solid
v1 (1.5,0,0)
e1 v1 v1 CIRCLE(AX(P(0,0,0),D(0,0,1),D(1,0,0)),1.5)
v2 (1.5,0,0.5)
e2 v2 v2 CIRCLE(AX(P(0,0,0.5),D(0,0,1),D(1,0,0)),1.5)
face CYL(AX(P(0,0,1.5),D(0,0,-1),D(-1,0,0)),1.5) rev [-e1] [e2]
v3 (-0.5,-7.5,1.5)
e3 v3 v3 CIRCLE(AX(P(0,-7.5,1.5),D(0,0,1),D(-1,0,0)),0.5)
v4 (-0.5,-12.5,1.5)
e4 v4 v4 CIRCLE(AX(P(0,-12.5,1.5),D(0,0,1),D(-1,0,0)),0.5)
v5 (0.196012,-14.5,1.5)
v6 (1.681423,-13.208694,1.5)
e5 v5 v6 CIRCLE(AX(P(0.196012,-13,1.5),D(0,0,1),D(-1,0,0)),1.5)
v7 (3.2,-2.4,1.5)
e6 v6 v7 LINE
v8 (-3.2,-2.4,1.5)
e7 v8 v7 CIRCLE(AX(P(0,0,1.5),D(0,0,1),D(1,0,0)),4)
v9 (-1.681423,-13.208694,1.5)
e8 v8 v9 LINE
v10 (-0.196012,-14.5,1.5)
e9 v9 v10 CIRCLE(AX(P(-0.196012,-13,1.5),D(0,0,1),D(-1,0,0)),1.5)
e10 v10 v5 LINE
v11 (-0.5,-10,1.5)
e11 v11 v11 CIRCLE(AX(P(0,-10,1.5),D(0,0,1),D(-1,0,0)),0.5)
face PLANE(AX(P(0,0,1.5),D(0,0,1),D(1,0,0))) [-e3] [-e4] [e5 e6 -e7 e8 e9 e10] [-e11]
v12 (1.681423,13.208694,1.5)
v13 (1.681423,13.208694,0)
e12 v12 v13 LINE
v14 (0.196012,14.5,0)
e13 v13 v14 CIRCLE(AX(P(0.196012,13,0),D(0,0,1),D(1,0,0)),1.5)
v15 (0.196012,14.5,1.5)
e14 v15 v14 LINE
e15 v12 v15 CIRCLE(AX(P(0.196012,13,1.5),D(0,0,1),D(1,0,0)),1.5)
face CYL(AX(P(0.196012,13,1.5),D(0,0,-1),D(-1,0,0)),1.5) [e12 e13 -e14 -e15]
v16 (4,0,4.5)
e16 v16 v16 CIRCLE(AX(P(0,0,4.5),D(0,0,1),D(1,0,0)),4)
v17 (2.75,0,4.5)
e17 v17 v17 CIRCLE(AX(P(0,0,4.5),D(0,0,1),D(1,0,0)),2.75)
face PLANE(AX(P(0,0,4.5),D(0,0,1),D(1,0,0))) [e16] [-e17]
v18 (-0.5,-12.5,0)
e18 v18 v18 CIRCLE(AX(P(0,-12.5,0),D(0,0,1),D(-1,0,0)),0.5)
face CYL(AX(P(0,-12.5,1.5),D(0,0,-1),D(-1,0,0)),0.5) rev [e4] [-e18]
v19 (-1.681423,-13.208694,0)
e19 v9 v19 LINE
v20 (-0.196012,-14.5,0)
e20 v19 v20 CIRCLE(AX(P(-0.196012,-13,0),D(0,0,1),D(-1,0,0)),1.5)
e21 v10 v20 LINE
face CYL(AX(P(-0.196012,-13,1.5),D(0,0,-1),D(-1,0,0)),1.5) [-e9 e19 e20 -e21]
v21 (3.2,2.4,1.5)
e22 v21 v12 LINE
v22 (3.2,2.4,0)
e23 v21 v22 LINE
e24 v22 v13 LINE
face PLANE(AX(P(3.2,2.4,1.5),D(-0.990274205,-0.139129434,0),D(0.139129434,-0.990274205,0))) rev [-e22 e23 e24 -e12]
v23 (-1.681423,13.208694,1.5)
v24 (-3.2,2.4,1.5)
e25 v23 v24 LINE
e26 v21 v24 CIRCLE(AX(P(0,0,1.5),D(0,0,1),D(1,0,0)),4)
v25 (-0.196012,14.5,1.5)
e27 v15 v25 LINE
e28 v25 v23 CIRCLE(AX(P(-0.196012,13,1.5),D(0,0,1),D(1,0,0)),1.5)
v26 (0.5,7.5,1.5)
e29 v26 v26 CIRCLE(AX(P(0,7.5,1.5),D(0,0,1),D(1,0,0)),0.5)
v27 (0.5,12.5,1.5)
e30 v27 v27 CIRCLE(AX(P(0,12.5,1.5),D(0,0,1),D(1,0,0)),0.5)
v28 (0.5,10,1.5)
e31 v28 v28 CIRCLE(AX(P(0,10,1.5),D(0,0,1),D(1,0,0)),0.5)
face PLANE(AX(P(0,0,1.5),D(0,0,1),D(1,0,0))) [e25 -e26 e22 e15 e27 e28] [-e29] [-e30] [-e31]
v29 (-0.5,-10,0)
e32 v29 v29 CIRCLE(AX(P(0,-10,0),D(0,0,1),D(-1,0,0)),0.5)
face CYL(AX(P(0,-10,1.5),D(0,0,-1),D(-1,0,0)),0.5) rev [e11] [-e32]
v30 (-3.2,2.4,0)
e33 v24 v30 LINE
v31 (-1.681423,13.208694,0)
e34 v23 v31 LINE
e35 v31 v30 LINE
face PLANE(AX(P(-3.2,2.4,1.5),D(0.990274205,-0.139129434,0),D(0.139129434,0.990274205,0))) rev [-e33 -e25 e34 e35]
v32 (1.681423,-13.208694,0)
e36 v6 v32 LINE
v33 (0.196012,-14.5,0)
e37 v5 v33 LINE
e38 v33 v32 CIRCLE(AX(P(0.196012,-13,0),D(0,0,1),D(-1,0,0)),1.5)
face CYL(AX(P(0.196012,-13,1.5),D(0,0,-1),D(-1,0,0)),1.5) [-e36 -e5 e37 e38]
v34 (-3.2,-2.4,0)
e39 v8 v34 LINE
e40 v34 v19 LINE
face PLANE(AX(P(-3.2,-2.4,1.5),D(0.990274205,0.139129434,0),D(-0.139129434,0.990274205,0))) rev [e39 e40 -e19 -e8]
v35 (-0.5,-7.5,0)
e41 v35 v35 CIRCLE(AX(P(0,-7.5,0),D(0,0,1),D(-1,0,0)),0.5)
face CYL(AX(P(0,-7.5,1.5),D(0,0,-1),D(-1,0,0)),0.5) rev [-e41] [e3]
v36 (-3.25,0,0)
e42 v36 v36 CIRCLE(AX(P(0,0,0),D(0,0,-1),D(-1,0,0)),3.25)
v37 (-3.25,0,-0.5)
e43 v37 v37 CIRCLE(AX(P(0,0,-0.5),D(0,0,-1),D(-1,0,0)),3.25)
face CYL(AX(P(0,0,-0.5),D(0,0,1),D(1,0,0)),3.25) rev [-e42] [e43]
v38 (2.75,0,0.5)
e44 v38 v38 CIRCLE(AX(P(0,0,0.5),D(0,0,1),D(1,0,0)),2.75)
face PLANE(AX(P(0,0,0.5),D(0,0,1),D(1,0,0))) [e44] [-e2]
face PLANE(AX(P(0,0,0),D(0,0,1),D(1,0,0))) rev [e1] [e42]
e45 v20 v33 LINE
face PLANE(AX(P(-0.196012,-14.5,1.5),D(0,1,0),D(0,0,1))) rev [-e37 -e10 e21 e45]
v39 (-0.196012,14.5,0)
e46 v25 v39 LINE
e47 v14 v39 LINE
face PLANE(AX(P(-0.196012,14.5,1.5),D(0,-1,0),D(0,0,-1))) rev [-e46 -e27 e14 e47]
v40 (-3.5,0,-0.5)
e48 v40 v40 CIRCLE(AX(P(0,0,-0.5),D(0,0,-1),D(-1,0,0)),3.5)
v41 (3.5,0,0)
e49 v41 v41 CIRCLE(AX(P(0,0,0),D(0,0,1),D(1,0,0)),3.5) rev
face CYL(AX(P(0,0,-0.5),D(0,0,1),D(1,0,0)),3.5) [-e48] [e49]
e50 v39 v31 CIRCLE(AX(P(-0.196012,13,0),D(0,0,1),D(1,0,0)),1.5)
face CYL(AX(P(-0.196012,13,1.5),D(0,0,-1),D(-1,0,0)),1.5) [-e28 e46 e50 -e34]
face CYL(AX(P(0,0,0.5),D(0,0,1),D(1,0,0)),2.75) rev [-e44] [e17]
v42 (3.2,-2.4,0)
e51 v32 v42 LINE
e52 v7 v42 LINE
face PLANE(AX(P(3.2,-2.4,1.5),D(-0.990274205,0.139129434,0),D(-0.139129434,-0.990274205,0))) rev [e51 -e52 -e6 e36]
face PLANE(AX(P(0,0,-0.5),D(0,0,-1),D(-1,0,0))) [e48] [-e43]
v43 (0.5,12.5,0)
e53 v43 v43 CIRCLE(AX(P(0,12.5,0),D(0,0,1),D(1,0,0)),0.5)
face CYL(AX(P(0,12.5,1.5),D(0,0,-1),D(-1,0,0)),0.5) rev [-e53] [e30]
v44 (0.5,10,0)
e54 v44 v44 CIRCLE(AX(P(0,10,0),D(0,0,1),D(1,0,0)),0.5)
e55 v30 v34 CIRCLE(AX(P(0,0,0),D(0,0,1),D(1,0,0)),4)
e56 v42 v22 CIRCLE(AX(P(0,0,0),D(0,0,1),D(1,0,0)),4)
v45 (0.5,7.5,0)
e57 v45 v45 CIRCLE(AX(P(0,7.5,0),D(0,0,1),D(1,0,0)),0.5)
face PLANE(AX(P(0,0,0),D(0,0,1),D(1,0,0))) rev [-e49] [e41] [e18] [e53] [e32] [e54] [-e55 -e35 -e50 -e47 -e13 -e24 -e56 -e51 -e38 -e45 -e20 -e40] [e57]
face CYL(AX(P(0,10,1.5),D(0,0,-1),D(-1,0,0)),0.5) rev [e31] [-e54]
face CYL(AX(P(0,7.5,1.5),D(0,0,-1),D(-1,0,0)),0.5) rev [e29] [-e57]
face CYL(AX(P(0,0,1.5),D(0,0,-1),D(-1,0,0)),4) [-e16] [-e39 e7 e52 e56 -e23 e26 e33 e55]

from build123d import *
from build123d.topology import SkipClean

# Parameters (mm, degrees)
SKETCH1_R           = 0.5
SKETCH1_R_2         = 1.5
BOSS_EXTRUDE3_DEPTH = 1.5
SKETCH2_R           = 4
BOSS_EXTRUDE4_DEPTH = 3
SKETCH3_R           = 3.5
SKETCH3_R_2         = 3.25
BOSS_EXTRUDE5_DEPTH = 0.5
SKETCH4_R           = 2.75
CUT_EXTRUDE1_DEPTH  = 4


with BuildPart() as part:
    # Sketch1 → Boss-Extrude3 (new body)
    with BuildSketch(Plane.XY):
        with BuildLine():
            Line((-3.2, 2.4), (-1.681423136, 13.208694151))
            ThreePointArc((-1.681423136, 13.208694151), (-1.180125332, 14.132042673), (-0.196011829, 14.5))
            Line((-0.196011829, 14.5), (0.196011829, 14.5))
            ThreePointArc((0.196011829, 14.5), (1.180125332, 14.132042673), (1.681423136, 13.208694151))
            Line((1.681423136, 13.208694151), (3.2, 2.4))
            ThreePointArc((3.2, 2.4), (4, 0), (3.2, -2.4))
            Line((3.2, -2.4), (1.681423136, -13.208694151))
            ThreePointArc((1.681423136, -13.208694151), (1.180125332, -14.132042673), (0.196011829, -14.5))
            Line((0.196011829, -14.5), (-0.196011829, -14.5))
            ThreePointArc((-0.196011829, -14.5), (-1.180125332, -14.132042673), (-1.681423136, -13.208694151))
            Line((-1.681423136, -13.208694151), (-3.2, -2.4))
            ThreePointArc((-3.2, -2.4), (-4, 0), (-3.2, 2.4))
        make_face()
        with Locations((0, 10)):
            Circle(SKETCH1_R, mode=Mode.SUBTRACT)
        with Locations((0, 12.5)):
            Circle(SKETCH1_R, mode=Mode.SUBTRACT)
        with Locations((0, 7.5)):
            Circle(SKETCH1_R, mode=Mode.SUBTRACT)
        Circle(SKETCH1_R_2, mode=Mode.SUBTRACT)
        with Locations(Location((0, -7.5, 0), (0, 0, 180))):
            Circle(SKETCH1_R, mode=Mode.SUBTRACT)
        with Locations(Location((0, -12.5, 0), (0, 0, 180))):
            Circle(SKETCH1_R, mode=Mode.SUBTRACT)
        with Locations(Location((0, -10, 0), (0, 0, 180))):
            Circle(SKETCH1_R, mode=Mode.SUBTRACT)
    extrude(amount=BOSS_EXTRUDE3_DEPTH)

    # Sketch2 → Boss-Extrude4 (add)
    with SkipClean():  # the faces are left unmerged after this step: merging them gives an invalid solid
        with BuildSketch(Plane.XY.offset(1.5)):
            with Locations(Location((0, 0, 0), (0, 0, 143.130102354))):
                Circle(SKETCH2_R)
        extrude(amount=BOSS_EXTRUDE4_DEPTH)

    # Sketch3 → Boss-Extrude5 (add)
    with SkipClean():  # the faces are left unmerged after this step: merging them gives an invalid solid
        with BuildSketch(Plane(origin=(0, 0, 0), x_dir=(-1, 0, 0), z_dir=(0, 0, -1))):
            with Locations(Location((0, 0, 0), (0, 0, 180))):
                Circle(SKETCH3_R)
            Circle(SKETCH3_R_2, mode=Mode.SUBTRACT)
        extrude(amount=BOSS_EXTRUDE5_DEPTH)

    # Sketch4 → Cut-Extrude1 (cut)
    with SkipClean():  # the faces are left unmerged after this step: merging them gives an invalid solid
        with BuildSketch(Plane.XY.offset(4.5)):
            Circle(SKETCH4_R)
        extrude(amount=-CUT_EXTRUDE1_DEPTH, mode=Mode.SUBTRACT)


solid = part.part
